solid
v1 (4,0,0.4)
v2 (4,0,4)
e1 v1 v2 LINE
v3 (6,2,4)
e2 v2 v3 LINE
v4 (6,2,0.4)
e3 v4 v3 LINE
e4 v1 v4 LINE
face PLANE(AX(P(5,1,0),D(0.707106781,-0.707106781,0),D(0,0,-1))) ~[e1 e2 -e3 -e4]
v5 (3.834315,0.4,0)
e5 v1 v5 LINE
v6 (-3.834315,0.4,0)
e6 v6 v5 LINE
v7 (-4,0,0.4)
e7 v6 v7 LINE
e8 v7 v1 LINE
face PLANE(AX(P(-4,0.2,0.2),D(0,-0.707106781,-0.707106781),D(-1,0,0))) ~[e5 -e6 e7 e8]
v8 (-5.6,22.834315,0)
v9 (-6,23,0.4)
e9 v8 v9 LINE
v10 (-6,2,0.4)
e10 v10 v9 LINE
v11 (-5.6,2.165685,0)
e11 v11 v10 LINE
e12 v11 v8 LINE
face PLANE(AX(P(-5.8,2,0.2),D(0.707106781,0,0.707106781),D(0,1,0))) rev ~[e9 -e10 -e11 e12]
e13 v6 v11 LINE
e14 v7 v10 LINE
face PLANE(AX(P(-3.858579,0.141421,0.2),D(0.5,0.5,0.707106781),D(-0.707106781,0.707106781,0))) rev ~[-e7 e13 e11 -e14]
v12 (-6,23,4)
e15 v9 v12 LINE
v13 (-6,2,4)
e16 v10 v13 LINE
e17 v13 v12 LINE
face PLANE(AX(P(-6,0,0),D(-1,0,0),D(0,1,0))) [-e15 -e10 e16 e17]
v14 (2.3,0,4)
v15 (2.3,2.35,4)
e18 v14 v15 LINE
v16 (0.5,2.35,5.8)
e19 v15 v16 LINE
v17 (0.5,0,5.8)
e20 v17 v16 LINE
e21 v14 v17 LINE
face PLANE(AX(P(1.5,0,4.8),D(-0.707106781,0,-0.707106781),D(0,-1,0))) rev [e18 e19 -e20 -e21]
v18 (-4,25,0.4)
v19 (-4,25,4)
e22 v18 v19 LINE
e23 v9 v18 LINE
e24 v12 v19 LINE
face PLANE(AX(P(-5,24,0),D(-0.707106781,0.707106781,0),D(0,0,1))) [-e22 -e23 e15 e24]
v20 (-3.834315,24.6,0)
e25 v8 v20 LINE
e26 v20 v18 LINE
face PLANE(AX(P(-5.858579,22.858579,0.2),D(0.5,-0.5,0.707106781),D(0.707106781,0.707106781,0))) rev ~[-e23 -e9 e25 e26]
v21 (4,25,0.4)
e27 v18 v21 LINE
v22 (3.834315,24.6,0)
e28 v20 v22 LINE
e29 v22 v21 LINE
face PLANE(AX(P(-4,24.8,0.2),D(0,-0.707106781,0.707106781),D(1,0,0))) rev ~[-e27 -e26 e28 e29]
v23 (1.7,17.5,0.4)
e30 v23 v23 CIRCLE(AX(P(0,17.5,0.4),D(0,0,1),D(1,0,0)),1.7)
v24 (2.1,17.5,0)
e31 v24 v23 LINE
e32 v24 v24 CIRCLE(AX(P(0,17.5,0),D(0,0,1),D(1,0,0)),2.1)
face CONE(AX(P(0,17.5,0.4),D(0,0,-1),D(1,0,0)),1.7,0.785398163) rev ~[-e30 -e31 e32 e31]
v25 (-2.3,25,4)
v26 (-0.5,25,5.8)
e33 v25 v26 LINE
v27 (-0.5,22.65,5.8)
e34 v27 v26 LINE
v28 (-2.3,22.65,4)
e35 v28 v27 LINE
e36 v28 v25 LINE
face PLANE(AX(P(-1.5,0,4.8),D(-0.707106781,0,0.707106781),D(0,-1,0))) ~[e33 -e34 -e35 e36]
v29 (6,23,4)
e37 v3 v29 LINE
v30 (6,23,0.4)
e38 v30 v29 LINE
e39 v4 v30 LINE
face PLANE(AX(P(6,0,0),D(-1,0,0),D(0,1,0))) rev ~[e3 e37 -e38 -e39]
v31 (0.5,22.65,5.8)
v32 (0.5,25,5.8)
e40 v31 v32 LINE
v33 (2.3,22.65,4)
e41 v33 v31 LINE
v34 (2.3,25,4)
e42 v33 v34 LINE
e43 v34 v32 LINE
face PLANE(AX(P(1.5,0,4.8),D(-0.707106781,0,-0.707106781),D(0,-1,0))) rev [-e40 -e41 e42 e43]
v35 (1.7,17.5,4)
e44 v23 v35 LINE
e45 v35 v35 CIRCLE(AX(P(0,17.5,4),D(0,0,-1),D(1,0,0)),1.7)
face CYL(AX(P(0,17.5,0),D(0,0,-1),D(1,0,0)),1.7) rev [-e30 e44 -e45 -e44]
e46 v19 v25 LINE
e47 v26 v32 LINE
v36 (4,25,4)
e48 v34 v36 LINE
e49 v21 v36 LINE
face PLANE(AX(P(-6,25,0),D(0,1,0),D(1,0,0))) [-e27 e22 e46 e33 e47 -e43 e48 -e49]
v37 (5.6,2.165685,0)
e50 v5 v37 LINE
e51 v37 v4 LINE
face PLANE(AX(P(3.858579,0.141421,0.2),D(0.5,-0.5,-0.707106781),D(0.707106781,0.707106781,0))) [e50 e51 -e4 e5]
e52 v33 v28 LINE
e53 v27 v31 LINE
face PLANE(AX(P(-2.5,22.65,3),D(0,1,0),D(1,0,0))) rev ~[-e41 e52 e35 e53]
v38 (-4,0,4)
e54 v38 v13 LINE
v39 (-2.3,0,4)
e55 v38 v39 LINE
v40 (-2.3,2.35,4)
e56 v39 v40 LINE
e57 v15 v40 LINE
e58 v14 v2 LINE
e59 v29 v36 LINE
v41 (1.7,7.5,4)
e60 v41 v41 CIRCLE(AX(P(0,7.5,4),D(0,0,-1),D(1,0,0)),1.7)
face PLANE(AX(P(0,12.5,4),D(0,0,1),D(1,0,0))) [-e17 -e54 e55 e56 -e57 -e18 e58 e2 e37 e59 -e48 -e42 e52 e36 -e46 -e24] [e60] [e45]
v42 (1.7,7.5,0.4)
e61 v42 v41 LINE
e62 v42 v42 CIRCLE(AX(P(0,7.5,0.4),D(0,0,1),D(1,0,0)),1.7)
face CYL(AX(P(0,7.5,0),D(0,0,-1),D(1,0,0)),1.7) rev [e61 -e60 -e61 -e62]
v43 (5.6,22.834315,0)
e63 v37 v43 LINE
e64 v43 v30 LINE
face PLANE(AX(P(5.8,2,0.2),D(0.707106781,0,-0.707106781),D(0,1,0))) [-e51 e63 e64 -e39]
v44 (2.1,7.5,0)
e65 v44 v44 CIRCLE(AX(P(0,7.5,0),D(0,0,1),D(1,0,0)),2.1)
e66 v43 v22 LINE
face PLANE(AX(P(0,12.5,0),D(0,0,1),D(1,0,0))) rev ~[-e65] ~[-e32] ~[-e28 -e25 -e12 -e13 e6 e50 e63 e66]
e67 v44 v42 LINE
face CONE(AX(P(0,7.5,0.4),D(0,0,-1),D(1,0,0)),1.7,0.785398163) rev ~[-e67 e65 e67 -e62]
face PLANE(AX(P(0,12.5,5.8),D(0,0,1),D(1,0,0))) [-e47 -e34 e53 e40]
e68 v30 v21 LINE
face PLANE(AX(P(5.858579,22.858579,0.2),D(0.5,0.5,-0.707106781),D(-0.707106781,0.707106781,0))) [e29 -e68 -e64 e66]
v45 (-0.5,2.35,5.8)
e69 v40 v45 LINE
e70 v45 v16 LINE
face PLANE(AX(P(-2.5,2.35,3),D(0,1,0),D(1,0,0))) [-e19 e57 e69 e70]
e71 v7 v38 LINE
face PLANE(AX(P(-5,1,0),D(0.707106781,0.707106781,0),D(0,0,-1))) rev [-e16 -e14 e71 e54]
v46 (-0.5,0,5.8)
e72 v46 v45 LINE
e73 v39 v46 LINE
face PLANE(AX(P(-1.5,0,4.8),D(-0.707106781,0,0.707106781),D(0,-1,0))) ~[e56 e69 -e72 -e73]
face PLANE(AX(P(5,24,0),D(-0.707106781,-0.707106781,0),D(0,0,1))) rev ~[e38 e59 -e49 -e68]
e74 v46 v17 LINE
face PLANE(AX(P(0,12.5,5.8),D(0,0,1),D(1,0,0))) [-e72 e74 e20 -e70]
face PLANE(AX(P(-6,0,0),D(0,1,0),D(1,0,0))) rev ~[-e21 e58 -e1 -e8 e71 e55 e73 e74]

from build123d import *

# Parameters (mm, degrees)
CYLINDER023_R     = 1.7
CYLINDER023_DEPTH = 10
CYLINDER022_R     = 1.7
CYLINDER022_DEPTH = 10
BOX002013_W       = 5
BOX002013_H       = 20.3
BOX002013_DEPTH   = 2.8
BOX002014_W       = 5
BOX002014_H       = 25
BOX002014_DEPTH   = 2.8
CHAMFER008_SIZE   = 2
BOX002012_W       = 12
BOX002012_H       = 25
BOX002012_DEPTH   = 4
CHAMFER009_SIZE   = 2
CHAMFER010_SIZE   = 0.4


with BuildPart() as cylinder023:
    # Cylinder023 → Cylinder023 (new body)
    with BuildSketch(Plane(origin=(0, 7.5, 0), x_dir=(1, 0, 0), z_dir=(0, 0, 1))):
        Circle(CYLINDER023_R)
    extrude(amount=CYLINDER023_DEPTH)


with BuildPart() as fusion017:
    # Cylinder022 → Cylinder022 (new body)
    with BuildSketch(Plane(origin=(0, 17.5, 0), x_dir=(1, 0, 0), z_dir=(0, 0, 1))):
        Circle(CYLINDER022_R)
    extrude(amount=CYLINDER022_DEPTH)

    # Fusion017: union Cylinder023
    add(cylinder023.part)


with BuildPart() as cube015:
    # Box002013 → Box002013 (new body)
    with BuildSketch(Plane(origin=(-2.5, 2.35, 3), x_dir=(1, 0, 0), z_dir=(0, 0, 1))):
        with Locations((2.5, 10.15)):
            Rectangle(BOX002013_W, BOX002013_H)
    extrude(amount=BOX002013_DEPTH)


with BuildPart() as cut001018:
    # Box002014 → Box002014 (new body)
    with BuildSketch(Plane(origin=(-2.5, 0, 3), x_dir=(1, 0, 0), z_dir=(0, 0, 1))):
        with Locations((2.5, 12.5)):
            Rectangle(BOX002014_W, BOX002014_H)
    extrude(amount=BOX002014_DEPTH)

    # Chamfer008
    chamfer008_edges = [cut001018.edges().sort_by_distance(p)[0] for p in [
        (-2.5, 12.5, 5.8),
        (2.5, 12.5, 5.8),
    ]]
    chamfer(chamfer008_edges, length=CHAMFER008_SIZE)

    # Cut001018: cut Cube015
    add(cube015.part, mode=Mode.SUBTRACT)


with BuildPart() as joiner:
    # Box002012 → Box002012 (new body)
    with BuildSketch(Plane(origin=(-6, 0, 0), x_dir=(1, 0, 0), z_dir=(0, 0, 1))):
        with Locations((6, 12.5)):
            Rectangle(BOX002012_W, BOX002012_H)
    extrude(amount=BOX002012_DEPTH)

    # Fusion016: union Cut001018
    add(cut001018.part)

    # Cut001019: cut Fusion017
    add(fusion017.part, mode=Mode.SUBTRACT)

    # Chamfer009
    chamfer009_edges = [joiner.edges().sort_by_distance(p)[0] for p in [
        (-6, 0, 2),
        (-6, 25, 2),
        (6, 0, 2),
        (6, 25, 2),
    ]]
    chamfer(chamfer009_edges, length=CHAMFER009_SIZE)

    # Chamfer010
    chamfer010_edges = [joiner.edges().sort_by_distance(p)[0] for p in [
        (-6, 12.5, 0),
        (-5, 1, 0),
        (-5, 24, 0),
        (0, 0, 0),
        (0, 25, 0),
        (5, 1, 0),
        (5, 24, 0),
        (6, 12.5, 0),
        (-1.7, 17.5, 0),
        (-1.7, 7.5, 0),
    ]]
    chamfer(chamfer010_edges, length=CHAMFER010_SIZE)


solid = joiner.part
